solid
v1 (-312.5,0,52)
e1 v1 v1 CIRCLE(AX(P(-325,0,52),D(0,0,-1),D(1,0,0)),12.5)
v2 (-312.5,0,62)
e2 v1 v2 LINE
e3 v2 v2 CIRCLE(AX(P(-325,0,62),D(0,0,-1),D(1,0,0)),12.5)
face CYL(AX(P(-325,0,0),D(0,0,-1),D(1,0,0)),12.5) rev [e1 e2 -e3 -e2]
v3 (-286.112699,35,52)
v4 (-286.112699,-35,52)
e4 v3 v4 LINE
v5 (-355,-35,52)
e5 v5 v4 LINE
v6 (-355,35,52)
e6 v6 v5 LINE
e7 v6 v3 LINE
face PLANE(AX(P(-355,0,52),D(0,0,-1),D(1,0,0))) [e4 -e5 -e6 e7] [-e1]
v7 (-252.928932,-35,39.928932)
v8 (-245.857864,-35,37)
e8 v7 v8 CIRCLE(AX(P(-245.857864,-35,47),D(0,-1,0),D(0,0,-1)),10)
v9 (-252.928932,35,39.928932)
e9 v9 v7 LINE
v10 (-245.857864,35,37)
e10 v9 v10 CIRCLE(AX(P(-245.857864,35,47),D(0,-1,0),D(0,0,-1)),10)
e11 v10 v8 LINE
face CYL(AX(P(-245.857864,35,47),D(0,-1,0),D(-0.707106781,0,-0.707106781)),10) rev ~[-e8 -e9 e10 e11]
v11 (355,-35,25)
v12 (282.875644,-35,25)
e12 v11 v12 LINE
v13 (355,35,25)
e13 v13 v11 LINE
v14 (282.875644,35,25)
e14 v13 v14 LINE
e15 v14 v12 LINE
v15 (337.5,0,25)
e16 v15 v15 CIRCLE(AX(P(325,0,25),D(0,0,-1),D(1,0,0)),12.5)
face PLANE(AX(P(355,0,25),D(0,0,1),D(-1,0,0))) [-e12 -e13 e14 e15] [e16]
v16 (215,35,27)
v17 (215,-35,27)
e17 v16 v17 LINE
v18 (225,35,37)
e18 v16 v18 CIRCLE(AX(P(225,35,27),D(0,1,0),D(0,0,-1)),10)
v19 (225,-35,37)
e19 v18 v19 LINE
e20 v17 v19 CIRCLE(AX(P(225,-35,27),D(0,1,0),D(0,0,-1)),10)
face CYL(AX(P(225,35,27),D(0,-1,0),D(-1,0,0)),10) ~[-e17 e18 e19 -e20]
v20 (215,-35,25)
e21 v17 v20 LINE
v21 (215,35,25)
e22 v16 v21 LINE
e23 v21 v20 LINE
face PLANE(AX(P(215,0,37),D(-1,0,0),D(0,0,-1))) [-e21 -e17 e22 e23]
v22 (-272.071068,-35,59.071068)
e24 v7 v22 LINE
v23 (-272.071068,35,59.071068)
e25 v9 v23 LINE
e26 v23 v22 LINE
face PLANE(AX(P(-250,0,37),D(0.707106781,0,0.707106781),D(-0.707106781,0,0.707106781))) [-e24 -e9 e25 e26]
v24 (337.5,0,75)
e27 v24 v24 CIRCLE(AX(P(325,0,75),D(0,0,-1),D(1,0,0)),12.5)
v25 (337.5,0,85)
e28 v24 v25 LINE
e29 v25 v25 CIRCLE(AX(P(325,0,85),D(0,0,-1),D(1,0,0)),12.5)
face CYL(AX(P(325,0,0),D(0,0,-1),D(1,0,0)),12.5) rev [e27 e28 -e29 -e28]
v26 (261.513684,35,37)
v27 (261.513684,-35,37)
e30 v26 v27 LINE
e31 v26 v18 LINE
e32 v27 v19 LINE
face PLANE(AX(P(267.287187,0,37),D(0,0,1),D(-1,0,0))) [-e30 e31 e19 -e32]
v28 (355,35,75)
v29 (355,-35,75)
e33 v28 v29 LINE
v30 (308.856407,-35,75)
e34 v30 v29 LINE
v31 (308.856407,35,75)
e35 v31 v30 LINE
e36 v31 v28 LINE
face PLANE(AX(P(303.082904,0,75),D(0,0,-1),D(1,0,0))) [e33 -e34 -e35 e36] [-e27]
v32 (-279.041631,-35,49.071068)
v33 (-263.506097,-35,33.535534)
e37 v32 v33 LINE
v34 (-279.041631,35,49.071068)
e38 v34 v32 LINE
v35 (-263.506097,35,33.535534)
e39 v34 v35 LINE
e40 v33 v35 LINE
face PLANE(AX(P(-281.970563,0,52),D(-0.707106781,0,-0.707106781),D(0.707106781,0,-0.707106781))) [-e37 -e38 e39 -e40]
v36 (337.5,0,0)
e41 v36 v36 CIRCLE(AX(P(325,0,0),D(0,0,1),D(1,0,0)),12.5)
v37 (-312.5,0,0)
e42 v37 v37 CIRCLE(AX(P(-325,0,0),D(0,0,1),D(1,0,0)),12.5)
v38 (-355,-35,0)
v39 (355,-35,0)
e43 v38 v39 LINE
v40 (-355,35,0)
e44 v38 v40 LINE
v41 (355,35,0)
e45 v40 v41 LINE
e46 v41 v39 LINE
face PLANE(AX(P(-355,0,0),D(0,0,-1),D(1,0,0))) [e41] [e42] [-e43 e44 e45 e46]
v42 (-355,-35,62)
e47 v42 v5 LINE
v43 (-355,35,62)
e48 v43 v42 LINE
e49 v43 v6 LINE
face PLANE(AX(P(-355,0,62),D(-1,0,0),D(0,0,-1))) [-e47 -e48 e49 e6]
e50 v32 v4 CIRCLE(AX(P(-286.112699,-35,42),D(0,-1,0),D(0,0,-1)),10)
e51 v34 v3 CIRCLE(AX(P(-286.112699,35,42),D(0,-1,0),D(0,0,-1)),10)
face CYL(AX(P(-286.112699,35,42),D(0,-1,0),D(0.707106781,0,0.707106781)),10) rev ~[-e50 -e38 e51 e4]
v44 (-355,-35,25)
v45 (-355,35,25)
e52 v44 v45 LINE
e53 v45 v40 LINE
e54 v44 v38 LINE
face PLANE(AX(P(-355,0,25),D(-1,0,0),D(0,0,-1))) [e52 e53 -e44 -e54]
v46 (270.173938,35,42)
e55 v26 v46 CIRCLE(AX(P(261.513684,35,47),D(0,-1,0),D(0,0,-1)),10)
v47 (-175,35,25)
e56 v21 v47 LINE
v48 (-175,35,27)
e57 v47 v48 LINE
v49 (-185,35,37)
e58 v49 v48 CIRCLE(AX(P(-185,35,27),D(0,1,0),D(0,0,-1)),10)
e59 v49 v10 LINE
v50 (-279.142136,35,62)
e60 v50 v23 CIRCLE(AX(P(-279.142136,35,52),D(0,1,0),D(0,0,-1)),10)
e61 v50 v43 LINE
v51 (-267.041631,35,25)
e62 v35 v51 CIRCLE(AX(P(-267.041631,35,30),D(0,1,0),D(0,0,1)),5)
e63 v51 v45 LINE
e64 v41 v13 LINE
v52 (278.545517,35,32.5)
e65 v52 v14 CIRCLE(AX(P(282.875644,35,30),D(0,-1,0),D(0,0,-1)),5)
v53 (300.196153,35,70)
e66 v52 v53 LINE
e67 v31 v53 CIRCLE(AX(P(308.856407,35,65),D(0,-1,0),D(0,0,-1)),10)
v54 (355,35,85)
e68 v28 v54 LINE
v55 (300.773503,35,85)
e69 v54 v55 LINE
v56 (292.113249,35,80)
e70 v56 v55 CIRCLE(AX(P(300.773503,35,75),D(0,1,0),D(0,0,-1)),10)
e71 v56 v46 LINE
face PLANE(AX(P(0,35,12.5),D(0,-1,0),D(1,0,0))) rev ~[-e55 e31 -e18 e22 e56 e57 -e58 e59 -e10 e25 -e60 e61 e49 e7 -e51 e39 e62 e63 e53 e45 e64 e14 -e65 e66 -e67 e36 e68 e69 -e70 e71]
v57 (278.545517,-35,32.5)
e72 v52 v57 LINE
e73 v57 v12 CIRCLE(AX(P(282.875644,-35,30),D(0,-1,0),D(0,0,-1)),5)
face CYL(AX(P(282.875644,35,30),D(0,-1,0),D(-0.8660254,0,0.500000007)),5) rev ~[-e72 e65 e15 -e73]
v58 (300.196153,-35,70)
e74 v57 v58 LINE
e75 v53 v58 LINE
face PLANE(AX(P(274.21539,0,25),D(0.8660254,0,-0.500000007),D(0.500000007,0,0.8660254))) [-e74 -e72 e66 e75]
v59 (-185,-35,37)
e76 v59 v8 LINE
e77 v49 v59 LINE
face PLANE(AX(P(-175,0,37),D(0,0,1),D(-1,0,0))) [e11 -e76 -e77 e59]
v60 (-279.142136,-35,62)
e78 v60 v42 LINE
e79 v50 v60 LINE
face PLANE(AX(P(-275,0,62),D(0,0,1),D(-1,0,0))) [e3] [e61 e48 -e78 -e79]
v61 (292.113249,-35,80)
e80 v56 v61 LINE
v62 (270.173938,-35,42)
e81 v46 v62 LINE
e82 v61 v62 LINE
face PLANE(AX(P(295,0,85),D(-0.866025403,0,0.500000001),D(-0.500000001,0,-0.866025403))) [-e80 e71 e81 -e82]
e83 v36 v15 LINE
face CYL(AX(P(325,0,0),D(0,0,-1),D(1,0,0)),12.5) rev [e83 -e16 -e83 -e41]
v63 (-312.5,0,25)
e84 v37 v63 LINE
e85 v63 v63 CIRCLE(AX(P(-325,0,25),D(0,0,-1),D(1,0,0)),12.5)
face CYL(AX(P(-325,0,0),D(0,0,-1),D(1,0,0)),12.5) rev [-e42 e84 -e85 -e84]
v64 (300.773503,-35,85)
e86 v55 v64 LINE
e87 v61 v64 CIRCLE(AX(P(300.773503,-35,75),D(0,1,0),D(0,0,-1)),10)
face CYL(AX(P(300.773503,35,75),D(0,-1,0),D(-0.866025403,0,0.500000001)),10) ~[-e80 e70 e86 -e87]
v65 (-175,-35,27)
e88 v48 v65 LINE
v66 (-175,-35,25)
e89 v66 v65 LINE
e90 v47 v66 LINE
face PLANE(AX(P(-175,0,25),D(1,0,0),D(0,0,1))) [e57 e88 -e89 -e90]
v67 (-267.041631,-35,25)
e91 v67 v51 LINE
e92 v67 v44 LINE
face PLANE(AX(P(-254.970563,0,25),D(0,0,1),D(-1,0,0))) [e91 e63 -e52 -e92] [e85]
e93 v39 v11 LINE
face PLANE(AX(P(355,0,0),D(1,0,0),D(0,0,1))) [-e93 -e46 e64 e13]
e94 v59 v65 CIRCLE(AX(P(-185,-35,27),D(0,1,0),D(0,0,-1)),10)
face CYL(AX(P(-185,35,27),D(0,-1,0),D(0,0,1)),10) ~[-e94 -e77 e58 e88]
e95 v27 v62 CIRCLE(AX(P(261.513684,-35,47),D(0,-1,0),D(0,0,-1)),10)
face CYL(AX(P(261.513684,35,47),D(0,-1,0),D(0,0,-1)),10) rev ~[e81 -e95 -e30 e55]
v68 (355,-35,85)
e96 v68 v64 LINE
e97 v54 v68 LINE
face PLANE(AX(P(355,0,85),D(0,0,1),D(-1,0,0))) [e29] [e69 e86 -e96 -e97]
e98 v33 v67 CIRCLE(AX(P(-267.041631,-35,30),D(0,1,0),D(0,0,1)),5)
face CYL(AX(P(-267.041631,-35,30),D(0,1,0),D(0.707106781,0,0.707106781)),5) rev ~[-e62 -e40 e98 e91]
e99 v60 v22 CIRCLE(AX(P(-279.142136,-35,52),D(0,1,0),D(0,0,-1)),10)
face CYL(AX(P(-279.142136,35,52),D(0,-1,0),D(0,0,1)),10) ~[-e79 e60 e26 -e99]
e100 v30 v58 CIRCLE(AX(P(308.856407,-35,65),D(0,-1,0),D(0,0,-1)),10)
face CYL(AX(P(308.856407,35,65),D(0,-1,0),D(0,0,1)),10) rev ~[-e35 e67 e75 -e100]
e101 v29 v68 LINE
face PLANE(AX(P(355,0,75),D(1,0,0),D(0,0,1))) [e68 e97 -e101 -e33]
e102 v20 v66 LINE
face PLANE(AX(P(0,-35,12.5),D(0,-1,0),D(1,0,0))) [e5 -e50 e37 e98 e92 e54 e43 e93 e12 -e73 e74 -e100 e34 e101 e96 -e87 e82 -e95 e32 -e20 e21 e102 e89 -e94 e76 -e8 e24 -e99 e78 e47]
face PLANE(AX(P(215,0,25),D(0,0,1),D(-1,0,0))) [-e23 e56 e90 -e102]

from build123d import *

# Parameters (mm, degrees)
F1_DEPTH = 35
F2_R     = 10
F3_R     = 5
F4_R     = 12.5
F5_DEPTH = 85.001


with BuildPart() as f1:
    # F0 (on Front) → F1 (new body, symmetric)
    with BuildSketch(Plane.XZ):
        Polygon((-355, 0), (355, 0), (355, 25), (274.21539, 25), (215, 25), (-175, 25), (-254.970563, 25), (-355, 25), align=None)
        Polygon((215, 25), (274.21539, 25), (303.082904, 75), (355, 75), (355, 85), (295, 85), (267.287187, 37), (215, 37), align=None)
        Polygon((-281.970563, 52), (-254.970563, 25), (-175, 25), (-175, 37), (-250, 37), (-275, 62), (-355, 62), (-355, 52), align=None)
    extrude(amount=F1_DEPTH, both=True)

    # F2
    f2_edges = [f1.edges().sort_by_distance(p)[0] for p in [
        (-175, 0, 37),
        (-250, 0, 37),
        (-281.970563, 0, 52),
        (-275, 0, 62),
        (267.287187, 0, 37),
        (295, 0, 85),
        (303.082904, 0, 75),
        (215, 0, 37),
    ]]
    fillet(f2_edges, radius=F2_R)

    # F3
    f3_edges = [f1.edges().sort_by_distance(p)[0] for p in [
        (-254.970563, 0, 25),
        (274.21539, 0, 25),
    ]]
    fillet(f3_edges, radius=F3_R)

    # F4 (on Top) → F5 (cut, through all)
    with BuildSketch(Plane.XY):
        with Locations((-325, 0)):
            Circle(F4_R)
        with Locations((325, 0)):
            Circle(F4_R)
    extrude(amount=F5_DEPTH, mode=Mode.SUBTRACT)


solid = f1.part
